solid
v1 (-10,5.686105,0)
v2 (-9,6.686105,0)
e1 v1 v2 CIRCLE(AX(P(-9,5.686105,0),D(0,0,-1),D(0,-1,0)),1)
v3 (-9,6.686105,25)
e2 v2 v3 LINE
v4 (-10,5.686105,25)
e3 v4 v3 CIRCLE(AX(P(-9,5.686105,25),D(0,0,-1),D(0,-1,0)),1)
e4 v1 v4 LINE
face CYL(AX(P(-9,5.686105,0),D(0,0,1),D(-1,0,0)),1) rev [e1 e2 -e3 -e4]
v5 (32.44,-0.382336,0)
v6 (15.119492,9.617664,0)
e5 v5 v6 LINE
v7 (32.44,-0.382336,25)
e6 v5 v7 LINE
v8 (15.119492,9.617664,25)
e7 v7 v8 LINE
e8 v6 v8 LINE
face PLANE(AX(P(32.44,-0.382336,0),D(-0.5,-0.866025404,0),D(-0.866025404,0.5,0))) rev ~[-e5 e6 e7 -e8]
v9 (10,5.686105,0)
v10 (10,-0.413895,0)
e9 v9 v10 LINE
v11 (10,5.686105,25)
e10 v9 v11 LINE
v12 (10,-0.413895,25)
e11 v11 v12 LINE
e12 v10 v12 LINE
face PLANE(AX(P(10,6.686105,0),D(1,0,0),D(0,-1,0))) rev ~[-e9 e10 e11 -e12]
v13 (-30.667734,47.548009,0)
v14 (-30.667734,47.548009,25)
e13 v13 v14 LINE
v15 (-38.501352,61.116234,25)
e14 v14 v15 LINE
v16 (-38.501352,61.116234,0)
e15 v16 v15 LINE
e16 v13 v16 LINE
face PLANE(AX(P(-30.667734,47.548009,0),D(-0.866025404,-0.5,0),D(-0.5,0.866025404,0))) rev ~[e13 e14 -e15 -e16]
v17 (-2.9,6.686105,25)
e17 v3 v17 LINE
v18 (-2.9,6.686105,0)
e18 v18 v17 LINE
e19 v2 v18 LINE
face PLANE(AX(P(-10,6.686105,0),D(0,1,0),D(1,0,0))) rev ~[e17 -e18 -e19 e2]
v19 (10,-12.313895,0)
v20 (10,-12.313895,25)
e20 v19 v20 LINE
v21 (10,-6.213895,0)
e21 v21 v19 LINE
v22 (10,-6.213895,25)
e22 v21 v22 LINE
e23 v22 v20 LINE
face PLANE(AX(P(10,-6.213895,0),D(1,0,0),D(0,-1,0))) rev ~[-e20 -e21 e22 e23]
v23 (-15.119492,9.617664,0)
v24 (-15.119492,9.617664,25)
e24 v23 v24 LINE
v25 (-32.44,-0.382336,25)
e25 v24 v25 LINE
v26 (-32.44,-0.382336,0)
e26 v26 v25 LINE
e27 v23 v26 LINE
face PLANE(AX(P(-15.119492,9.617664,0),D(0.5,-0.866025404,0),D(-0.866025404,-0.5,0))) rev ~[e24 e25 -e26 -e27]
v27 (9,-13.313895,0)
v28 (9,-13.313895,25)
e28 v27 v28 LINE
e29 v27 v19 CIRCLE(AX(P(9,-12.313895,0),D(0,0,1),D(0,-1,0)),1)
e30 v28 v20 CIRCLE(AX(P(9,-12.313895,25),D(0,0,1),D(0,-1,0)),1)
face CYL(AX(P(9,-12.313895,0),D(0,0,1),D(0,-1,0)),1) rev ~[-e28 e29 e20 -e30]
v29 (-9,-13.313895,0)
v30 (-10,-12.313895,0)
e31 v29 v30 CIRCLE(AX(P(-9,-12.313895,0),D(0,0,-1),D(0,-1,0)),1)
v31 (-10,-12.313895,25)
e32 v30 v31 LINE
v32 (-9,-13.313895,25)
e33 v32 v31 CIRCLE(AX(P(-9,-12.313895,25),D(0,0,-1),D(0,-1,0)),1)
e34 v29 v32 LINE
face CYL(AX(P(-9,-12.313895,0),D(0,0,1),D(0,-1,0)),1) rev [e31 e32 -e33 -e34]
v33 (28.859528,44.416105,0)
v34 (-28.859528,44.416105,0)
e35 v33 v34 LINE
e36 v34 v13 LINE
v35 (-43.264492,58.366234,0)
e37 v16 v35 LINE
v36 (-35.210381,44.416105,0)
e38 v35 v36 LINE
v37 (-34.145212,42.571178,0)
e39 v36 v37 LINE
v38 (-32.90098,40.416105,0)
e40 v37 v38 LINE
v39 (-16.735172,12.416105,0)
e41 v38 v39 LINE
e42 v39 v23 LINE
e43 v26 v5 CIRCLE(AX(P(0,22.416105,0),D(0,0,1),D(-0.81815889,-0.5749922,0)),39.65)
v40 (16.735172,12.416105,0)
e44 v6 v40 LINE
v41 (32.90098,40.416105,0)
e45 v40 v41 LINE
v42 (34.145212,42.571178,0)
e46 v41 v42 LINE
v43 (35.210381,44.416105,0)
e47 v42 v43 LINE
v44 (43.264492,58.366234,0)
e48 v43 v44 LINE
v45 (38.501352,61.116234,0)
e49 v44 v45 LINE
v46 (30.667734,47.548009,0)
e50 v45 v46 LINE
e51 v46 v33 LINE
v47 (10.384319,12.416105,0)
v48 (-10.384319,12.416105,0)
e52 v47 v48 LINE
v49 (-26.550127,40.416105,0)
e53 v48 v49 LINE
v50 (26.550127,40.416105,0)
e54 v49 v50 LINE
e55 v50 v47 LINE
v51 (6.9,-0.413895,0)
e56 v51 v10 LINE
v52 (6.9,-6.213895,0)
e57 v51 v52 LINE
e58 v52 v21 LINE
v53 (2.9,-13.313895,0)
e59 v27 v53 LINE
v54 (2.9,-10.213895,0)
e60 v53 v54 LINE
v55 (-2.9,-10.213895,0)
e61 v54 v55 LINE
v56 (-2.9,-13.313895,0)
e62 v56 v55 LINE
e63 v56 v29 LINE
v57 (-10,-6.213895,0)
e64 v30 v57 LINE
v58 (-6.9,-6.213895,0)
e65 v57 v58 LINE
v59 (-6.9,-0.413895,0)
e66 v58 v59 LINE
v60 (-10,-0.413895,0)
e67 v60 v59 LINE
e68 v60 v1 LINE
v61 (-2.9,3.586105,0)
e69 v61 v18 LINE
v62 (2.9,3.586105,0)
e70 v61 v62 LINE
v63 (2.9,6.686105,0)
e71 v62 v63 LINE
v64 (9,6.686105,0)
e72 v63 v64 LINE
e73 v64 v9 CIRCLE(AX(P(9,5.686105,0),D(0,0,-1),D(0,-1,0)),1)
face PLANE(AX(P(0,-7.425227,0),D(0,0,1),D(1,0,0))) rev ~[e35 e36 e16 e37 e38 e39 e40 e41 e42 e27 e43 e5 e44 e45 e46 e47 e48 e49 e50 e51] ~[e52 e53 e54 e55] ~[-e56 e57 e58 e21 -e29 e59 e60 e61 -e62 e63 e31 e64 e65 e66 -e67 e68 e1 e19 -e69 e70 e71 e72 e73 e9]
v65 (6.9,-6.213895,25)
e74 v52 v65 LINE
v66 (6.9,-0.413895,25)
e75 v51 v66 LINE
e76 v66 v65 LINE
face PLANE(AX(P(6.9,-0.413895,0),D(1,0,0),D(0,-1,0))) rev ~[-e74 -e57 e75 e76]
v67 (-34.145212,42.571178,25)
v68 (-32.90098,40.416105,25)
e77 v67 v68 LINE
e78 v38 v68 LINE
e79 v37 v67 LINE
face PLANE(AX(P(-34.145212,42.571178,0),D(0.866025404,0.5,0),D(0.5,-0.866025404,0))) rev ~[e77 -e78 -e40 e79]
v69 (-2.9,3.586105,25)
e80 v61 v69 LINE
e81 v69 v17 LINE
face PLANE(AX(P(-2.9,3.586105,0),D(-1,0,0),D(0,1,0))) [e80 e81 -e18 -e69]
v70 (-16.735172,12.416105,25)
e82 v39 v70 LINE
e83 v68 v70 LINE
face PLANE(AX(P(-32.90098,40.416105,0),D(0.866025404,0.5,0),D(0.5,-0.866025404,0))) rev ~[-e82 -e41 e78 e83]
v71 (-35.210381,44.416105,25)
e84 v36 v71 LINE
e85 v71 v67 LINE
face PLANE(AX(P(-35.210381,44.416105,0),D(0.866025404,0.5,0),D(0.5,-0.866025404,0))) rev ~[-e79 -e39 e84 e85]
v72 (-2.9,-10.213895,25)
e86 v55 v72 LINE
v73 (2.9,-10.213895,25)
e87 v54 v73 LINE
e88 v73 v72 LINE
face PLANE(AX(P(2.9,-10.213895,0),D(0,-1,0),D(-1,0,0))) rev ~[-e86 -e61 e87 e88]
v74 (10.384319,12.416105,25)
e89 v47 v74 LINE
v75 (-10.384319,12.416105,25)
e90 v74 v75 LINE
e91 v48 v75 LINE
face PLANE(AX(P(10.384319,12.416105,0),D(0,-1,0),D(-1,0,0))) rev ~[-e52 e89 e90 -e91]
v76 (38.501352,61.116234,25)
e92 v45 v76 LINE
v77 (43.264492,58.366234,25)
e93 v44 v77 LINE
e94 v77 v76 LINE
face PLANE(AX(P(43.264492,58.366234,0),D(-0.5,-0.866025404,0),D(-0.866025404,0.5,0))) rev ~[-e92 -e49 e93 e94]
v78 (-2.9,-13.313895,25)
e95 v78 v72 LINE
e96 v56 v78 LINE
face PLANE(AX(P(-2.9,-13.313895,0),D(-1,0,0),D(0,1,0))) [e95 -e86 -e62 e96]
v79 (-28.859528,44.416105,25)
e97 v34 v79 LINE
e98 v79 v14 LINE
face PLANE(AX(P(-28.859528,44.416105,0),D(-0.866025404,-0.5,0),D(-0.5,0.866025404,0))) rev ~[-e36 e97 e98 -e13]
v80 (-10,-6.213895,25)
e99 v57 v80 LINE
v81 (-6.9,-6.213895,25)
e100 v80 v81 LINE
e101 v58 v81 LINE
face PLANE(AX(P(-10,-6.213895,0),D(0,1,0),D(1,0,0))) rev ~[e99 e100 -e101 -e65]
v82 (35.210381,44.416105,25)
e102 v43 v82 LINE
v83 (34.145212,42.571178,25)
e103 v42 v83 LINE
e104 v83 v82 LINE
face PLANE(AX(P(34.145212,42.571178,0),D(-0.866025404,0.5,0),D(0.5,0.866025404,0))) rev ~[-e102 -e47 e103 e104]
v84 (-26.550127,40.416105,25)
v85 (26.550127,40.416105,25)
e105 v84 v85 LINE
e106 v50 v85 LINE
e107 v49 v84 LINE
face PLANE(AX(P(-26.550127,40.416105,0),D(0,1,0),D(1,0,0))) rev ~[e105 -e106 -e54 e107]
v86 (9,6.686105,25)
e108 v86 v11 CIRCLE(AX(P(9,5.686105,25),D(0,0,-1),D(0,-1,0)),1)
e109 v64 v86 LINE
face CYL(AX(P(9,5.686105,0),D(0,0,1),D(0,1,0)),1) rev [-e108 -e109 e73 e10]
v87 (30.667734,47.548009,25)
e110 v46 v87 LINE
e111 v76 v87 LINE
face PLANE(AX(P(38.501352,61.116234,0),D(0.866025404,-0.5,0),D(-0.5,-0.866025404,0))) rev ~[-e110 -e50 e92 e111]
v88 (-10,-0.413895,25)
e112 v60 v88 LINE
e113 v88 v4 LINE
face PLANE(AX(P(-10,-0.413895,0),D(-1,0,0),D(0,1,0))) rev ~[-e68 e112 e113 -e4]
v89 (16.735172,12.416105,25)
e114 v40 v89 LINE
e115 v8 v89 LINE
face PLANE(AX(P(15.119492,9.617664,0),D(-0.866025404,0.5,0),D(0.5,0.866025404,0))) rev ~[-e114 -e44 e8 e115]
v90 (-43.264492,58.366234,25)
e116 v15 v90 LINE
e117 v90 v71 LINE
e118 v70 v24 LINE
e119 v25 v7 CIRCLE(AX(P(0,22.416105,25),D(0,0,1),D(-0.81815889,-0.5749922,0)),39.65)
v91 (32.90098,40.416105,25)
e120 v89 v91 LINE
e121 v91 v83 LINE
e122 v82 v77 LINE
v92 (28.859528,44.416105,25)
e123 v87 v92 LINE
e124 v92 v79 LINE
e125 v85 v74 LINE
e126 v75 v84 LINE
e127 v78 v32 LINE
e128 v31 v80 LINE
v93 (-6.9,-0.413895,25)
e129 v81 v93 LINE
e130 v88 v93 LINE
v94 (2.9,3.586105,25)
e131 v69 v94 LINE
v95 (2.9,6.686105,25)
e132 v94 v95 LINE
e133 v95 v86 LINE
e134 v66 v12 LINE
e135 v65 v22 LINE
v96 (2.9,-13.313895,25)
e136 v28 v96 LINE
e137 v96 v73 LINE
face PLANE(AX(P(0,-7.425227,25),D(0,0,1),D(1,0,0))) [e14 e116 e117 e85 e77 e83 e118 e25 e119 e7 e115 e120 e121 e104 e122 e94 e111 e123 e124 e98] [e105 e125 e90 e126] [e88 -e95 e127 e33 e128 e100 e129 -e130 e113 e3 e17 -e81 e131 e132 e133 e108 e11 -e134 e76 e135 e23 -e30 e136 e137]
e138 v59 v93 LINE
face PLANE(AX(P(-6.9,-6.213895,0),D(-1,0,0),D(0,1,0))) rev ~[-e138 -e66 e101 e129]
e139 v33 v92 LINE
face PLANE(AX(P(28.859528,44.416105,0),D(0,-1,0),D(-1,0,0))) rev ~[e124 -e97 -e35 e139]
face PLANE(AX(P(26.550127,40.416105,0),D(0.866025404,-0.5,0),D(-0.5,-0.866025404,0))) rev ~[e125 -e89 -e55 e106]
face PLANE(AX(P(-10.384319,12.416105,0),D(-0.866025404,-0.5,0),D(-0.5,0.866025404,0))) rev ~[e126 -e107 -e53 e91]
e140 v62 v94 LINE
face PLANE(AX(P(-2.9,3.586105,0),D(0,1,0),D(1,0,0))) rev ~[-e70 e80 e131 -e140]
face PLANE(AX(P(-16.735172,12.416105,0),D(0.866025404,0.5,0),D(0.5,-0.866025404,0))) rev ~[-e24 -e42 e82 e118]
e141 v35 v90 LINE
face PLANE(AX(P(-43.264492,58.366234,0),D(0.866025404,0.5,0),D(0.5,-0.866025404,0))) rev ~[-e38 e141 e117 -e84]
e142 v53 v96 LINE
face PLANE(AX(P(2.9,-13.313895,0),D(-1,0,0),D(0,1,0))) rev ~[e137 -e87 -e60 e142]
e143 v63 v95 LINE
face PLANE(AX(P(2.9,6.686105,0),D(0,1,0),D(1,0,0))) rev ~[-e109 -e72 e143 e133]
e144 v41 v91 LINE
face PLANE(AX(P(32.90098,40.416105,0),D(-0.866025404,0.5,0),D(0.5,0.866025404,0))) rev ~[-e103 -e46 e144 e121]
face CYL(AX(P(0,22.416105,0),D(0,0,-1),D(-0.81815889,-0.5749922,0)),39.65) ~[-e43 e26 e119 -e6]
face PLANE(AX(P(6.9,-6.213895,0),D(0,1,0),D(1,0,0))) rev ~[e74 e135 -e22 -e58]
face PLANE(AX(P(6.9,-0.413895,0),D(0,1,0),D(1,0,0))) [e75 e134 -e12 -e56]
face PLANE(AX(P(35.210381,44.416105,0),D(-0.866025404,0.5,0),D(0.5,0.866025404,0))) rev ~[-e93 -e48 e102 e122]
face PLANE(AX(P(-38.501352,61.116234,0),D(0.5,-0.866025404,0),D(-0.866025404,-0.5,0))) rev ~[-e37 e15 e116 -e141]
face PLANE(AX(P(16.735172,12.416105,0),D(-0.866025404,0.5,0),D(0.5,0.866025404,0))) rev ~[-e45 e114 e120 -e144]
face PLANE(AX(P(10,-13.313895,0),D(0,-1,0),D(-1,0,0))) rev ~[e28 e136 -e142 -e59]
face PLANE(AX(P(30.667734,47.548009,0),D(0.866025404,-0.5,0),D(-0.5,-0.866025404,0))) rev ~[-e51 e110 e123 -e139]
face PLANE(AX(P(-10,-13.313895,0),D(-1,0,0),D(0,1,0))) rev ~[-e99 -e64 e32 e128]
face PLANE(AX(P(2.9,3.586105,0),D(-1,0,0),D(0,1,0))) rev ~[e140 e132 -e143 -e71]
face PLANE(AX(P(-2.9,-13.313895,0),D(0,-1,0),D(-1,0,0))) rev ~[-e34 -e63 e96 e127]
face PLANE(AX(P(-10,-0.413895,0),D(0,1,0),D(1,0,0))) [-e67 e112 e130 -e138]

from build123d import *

# Parameters (mm, degrees)
F0_W     = 3.1
F0_H     = 2.9
F0_W_2   = 2.9
F0_H_2   = 3.1
F1_DEPTH = 25
F2_R     = 1


with BuildPart() as f1:
    # F0 (on Top) → F1 (new body)
    with BuildSketch(Plane.XY):
        with BuildLine():
            Line((-10, -0.3823358958), (-32.44, -0.3823358958))
            ThreePointArc((-32.44, -0.3823358958), (0, -17.2338951597), (32.44, -0.3823358958))
            Line((32.44, -0.3823358958), (10, -0.3823358958))
            Line((10, -0.3823358958), (10, -0.4138951597))
            Line((10, -0.4138951597), (10, -3.3138951597))
            Line((10, -3.3138951597), (10, -6.2138951597))
            Line((10, -6.2138951597), (10, -13.3138951597))
            Line((10, -13.3138951597), (2.9, -13.3138951597))
            Line((2.9, -13.3138951597), (0, -13.3138951597))
            Line((0, -13.3138951597), (-2.9, -13.3138951597))
            Line((-2.9, -13.3138951597), (-10, -13.3138951597))
            Line((-10, -13.3138951597), (-10, -6.2138951597))
            Line((-10, -6.2138951597), (-10, -3.3138951597))
            Line((-10, -3.3138951597), (-10, -0.4138951597))
            Line((-10, -0.4138951597), (-10, -0.3823358958))
        make_face()
        with BuildLine():
            Line((28.8595280896, 44.4161048403), (32.9867018661, 44.4161048403))
            ThreePointArc((32.9867018661, 44.4161048403), (31.8657182591, 46.010563932), (30.6677337786, 47.5480089641))
            Line((30.6677337786, 47.5480089641), (28.8595280896, 44.4161048403))
        make_face()
        with BuildLine():
            Line((32.9867018661, 44.4161048403), (35.2103810507, 44.4161048403))
            Line((35.2103810507, 44.4161048403), (43.2644919243, 58.3662340832))
            Line((43.2644919243, 58.3662340832), (38.5013522035, 61.1162340832))
            Line((38.5013522035, 61.1162340832), (30.6677337786, 47.5480089641))
            ThreePointArc((30.6677337786, 47.5480089641), (31.8657182591, 46.010563932), (32.9867018661, 44.4161048403))
        make_face()
        with BuildLine():
            Line((-35.2103810507, 44.4161048403), (-32.9867018661, 44.4161048403))
            ThreePointArc((-32.9867018661, 44.4161048403), (-31.8657182591, 46.010563932), (-30.6677337786, 47.5480089641))
            Line((-30.6677337786, 47.5480089641), (-38.5013522035, 61.1162340832))
            Line((-38.5013522035, 61.1162340832), (-43.2644919243, 58.3662340832))
            Line((-43.2644919243, 58.3662340832), (-35.2103810507, 44.4161048403))
        make_face()
        with BuildLine():
            ThreePointArc((-30.6677337786, 47.5480089641), (-31.8657182591, 46.010563932), (-32.9867018661, 44.4161048403))
            Line((-32.9867018661, 44.4161048403), (-28.8595280896, 44.4161048403))
            Line((-28.8595280896, 44.4161048403), (-30.6677337786, 47.5480089641))
        make_face()
        Polygon((-15.1194919243, 9.6176641042), (-32.44, -0.3823358958), (-10, -0.3823358958), (-10, 6.6861048403), (-2.9, 6.6861048403), (0, 6.6861048403), (2.9, 6.6861048403), (10, 6.6861048403), (10, -0.3823358958), (32.44, -0.3823358958), (15.1194919243, 9.6176641042), (10.3563522035, 12.3676641042), (10.3843194756, 12.4161048403), (-10.3843194756, 12.4161048403), (-10.3563522035, 12.3676641042), align=None)
        Polygon((10.3563522035, 12.3676641042), (15.1194919243, 9.6176641042), (16.7351724366, 12.4161048403), (10.3843194756, 12.4161048403), align=None)
        Polygon((-16.7351724366, 12.4161048403), (-15.1194919243, 9.6176641042), (-10.3563522035, 12.3676641042), (-10.3843194756, 12.4161048403), align=None)
        with Locations((-8.45, -4.7638951597)):
            Rectangle(F0_W, F0_H)
        with Locations((-8.45, -1.8638951597)):
            Rectangle(F0_W, F0_H)
        with Locations((-1.45, 5.1361048403)):
            Rectangle(F0_W_2, F0_H_2)
        with Locations((1.45, 5.1361048403)):
            Rectangle(F0_W_2, F0_H_2)
        with Locations((8.45, -4.7638951597)):
            Rectangle(F0_W, F0_H)
        with Locations((8.45, -1.8638951597)):
            Rectangle(F0_W, F0_H)
        with Locations((1.45, -11.7638951597)):
            Rectangle(F0_W_2, F0_H_2)
        with Locations((-1.45, -11.7638951597)):
            Rectangle(F0_W_2, F0_H_2)
        Polygon((-32.900979974, 40.4161048403), (-16.7351724366, 12.4161048403), (-10.3843194756, 12.4161048403), (-26.5501270129, 40.4161048403), align=None)
        Polygon((-28.8595280896, 44.4161048403), (-26.5501270129, 40.4161048403), (26.5501270129, 40.4161048403), (28.8595280896, 44.4161048403), align=None)
        with BuildLine():
            Line((26.5501270129, 40.4161048403), (32.900979974, 40.4161048403))
            Line((32.900979974, 40.4161048403), (34.1452121911, 42.5711782568))
            ThreePointArc((34.1452121911, 42.5711782568), (33.5786302545, 43.501599623), (32.9867018661, 44.4161048403))
            Line((32.9867018661, 44.4161048403), (28.8595280896, 44.4161048403))
            Line((28.8595280896, 44.4161048403), (26.5501270129, 40.4161048403))
        make_face()
        Polygon((10.3843194756, 12.4161048403), (16.7351724366, 12.4161048403), (32.900979974, 40.4161048403), (26.5501270129, 40.4161048403), align=None)
        with BuildLine():
            Line((-34.1452121911, 42.5711782568), (-32.900979974, 40.4161048403))
            Line((-32.900979974, 40.4161048403), (-26.5501270129, 40.4161048403))
            Line((-26.5501270129, 40.4161048403), (-28.8595280896, 44.4161048403))
            Line((-28.8595280896, 44.4161048403), (-32.9867018661, 44.4161048403))
            ThreePointArc((-32.9867018661, 44.4161048403), (-33.5786302545, 43.501599623), (-34.1452121911, 42.5711782568))
        make_face()
        with BuildLine():
            Line((-35.2103810507, 44.4161048403), (-34.1452121911, 42.5711782568))
            ThreePointArc((-34.1452121911, 42.5711782568), (-33.5786302545, 43.501599623), (-32.9867018661, 44.4161048403))
            Line((-32.9867018661, 44.4161048403), (-35.2103810507, 44.4161048403))
        make_face()
        with BuildLine():
            ThreePointArc((32.9867018661, 44.4161048403), (33.5786302545, 43.501599623), (34.1452121911, 42.5711782568))
            Line((34.1452121911, 42.5711782568), (35.2103810507, 44.4161048403))
            Line((35.2103810507, 44.4161048403), (32.9867018661, 44.4161048403))
        make_face()
    extrude(amount=F1_DEPTH)

    # F2
    f2_edges = [f1.edges().sort_by_distance(p)[0] for p in [
        (-10, -13.313895, 12.5),
        (-10, 6.686105, 12.5),
        (10, -13.313895, 12.5),
        (10, 6.686105, 12.5),
    ]]
    fillet(f2_edges, radius=F2_R)


solid = f1.part
